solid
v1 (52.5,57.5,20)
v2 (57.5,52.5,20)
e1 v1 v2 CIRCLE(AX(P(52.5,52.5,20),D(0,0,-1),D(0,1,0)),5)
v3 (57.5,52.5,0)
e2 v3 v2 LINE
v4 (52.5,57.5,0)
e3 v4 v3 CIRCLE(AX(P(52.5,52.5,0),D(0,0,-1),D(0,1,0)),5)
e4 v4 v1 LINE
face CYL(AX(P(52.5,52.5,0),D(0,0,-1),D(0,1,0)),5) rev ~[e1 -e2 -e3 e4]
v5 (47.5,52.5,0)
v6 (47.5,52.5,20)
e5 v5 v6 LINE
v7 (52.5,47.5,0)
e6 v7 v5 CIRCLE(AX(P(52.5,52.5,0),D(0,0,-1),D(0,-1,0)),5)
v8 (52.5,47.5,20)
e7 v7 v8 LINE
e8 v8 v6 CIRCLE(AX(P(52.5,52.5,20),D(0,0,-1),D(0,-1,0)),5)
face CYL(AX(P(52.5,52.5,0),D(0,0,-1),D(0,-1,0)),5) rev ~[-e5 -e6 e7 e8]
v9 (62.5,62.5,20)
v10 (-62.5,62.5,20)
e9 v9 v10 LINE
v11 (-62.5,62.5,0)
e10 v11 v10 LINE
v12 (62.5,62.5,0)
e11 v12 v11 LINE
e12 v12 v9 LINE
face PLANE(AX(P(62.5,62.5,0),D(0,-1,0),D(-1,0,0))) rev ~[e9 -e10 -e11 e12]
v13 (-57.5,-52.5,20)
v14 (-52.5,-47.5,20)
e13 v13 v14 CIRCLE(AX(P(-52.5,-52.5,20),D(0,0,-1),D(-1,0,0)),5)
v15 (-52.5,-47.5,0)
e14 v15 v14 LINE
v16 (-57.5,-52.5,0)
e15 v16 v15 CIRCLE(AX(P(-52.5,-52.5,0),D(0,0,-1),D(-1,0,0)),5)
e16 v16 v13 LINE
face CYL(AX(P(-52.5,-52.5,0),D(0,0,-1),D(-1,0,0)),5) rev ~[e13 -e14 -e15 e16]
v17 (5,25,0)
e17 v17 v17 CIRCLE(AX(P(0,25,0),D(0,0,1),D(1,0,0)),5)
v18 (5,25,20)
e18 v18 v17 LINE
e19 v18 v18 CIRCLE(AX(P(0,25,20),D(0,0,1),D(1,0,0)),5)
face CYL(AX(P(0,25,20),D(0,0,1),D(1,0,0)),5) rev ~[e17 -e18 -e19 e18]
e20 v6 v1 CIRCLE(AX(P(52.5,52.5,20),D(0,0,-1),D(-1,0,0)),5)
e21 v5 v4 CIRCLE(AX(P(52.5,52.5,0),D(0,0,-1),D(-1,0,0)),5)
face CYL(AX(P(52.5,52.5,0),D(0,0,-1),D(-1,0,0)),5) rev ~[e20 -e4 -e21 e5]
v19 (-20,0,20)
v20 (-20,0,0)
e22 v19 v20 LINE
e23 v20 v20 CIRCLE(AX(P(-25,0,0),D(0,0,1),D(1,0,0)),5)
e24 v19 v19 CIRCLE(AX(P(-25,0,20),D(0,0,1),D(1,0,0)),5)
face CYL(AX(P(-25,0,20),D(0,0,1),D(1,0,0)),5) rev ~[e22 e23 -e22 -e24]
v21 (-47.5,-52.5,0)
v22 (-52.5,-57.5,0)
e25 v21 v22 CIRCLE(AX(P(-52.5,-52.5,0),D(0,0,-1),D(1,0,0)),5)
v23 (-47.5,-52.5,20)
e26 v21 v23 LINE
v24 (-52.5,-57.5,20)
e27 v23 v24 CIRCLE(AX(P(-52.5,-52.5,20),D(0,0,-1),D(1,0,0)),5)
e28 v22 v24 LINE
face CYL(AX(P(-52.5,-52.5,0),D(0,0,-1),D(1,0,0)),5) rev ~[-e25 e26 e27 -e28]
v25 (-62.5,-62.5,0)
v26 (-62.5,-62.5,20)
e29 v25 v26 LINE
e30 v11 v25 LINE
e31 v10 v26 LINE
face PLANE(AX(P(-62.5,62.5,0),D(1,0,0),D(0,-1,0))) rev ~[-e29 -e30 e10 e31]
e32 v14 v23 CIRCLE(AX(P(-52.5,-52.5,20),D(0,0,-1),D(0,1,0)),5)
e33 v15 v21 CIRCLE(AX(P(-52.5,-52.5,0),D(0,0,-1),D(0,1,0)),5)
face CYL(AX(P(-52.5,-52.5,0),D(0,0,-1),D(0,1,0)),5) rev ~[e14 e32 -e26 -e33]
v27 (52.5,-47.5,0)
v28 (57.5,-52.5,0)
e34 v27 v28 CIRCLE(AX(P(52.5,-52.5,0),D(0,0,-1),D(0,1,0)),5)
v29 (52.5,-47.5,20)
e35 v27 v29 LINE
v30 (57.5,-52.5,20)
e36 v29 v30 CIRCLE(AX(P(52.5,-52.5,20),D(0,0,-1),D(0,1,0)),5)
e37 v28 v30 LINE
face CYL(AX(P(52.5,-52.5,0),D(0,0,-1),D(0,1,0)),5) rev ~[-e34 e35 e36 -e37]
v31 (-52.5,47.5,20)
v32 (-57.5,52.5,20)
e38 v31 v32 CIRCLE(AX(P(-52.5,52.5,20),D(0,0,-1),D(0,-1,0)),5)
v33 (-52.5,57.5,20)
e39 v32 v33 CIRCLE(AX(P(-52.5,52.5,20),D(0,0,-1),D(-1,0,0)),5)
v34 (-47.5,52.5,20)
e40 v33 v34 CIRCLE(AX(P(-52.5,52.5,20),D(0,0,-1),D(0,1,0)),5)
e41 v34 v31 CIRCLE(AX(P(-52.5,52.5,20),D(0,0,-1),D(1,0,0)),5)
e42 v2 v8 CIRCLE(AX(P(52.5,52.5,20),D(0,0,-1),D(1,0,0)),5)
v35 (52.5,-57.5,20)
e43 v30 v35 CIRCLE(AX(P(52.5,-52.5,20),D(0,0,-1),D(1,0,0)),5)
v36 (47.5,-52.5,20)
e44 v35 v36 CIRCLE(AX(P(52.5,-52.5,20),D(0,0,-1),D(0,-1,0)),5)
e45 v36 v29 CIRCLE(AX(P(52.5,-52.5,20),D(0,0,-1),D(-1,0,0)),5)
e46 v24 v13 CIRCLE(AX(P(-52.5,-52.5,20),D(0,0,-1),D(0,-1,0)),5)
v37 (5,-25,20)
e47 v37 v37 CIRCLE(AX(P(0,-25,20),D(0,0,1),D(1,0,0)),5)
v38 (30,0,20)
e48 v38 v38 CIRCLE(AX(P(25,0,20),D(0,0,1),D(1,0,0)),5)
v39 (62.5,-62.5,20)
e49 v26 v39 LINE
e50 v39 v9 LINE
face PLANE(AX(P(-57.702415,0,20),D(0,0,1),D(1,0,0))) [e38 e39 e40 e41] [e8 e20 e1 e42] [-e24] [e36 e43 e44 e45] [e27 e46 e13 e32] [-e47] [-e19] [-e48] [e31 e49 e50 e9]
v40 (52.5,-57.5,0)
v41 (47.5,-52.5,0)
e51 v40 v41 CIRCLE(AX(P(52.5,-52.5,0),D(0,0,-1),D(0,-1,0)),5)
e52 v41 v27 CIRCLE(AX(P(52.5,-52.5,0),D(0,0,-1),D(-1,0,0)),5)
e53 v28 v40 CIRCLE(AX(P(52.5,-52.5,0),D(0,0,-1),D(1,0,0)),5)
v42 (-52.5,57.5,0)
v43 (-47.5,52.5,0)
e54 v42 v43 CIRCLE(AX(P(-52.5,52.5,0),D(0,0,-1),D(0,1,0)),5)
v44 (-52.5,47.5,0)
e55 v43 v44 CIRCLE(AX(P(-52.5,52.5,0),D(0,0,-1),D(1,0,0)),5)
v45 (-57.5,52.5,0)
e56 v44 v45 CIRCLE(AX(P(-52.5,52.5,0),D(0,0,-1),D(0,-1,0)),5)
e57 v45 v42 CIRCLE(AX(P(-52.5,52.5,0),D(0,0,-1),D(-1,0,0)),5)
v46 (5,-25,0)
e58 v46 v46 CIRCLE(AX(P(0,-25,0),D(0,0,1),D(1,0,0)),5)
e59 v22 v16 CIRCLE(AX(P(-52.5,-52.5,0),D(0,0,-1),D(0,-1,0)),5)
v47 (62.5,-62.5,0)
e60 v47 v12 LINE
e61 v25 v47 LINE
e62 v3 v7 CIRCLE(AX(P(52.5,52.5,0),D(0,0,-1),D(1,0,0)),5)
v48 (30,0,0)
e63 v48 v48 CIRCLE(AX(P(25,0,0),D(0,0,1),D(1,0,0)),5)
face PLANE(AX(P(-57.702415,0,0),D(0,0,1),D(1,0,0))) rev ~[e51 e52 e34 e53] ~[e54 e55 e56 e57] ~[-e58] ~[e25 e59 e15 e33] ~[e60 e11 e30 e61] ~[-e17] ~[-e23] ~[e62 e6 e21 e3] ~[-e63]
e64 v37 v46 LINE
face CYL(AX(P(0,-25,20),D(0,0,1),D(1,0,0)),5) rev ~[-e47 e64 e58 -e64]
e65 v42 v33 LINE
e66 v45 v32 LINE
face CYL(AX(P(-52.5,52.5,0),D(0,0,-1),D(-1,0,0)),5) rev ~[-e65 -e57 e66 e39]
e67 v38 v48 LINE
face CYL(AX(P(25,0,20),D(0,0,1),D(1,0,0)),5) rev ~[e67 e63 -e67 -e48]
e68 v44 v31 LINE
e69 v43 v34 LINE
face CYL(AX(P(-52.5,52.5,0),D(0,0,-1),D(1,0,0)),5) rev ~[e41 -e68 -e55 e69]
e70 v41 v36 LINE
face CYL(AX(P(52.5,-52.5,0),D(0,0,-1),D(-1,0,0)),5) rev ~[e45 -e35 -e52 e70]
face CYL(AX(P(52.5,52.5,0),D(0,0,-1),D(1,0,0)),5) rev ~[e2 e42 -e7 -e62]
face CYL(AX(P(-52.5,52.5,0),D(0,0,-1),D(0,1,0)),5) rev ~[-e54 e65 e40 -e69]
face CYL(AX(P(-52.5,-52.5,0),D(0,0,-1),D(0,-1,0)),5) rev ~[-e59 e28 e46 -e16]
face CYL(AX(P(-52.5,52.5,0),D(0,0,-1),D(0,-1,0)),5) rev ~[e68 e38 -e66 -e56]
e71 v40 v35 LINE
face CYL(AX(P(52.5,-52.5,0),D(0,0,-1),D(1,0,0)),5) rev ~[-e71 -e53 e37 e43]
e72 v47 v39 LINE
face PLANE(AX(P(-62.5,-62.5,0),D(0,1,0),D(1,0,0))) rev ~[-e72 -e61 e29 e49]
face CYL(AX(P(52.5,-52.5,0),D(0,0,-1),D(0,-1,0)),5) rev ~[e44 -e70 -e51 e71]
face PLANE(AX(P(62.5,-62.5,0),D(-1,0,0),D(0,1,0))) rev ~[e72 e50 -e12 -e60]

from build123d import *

# Parameters (mm, degrees)
F0_R     = 50
F1_DEPTH = 20
F2_R     = 5
F3_DEPTH = 25


with BuildPart() as f1:
    # F0 (on Top) → F1 (new body)
    with BuildSketch(Plane.XY):
        with BuildLine():
            Line((-62.5, 52.5), (-62.5, -52.5))
            Line((-62.5, -52.5), (-57.5, -52.5))
            ThreePointArc((-57.5, -52.5), (-56.0355339059, -48.9644660941), (-52.5, -47.5))
            Line((-52.5, -47.5), (-52.5, 47.5))
            ThreePointArc((-52.5, 47.5), (-56.0355339059, 48.9644660941), (-57.5, 52.5))
            Line((-57.5, 52.5), (-62.5, 52.5))
        make_face()
        with BuildLine():
            Line((-47.5, -52.5), (47.5, -52.5))
            ThreePointArc((47.5, -52.5), (48.9644660941, -48.9644660941), (52.5, -47.5))
            Line((52.5, -47.5), (52.5, 47.5))
            ThreePointArc((52.5, 47.5), (48.9644660941, 48.9644660941), (47.5, 52.5))
            Line((47.5, 52.5), (-47.5, 52.5))
            ThreePointArc((-47.5, 52.5), (-48.9644660941, 48.9644660941), (-52.5, 47.5))
            Line((-52.5, 47.5), (-52.5, -47.5))
            ThreePointArc((-52.5, -47.5), (-48.9644660941, -48.9644660941), (-47.5, -52.5))
        make_face()
        Circle(F0_R, mode=Mode.SUBTRACT)
        with BuildLine():
            Line((52.5, 57.5), (52.5, 62.5))
            Line((52.5, 62.5), (-52.5, 62.5))
            Line((-52.5, 62.5), (-52.5, 57.5))
            ThreePointArc((-52.5, 57.5), (-48.9644660941, 56.0355339059), (-47.5, 52.5))
            Line((-47.5, 52.5), (47.5, 52.5))
            ThreePointArc((47.5, 52.5), (48.9644660941, 56.0355339059), (52.5, 57.5))
        make_face()
        with BuildLine():
            Line((57.5, 52.5), (62.5, 52.5))
            Line((62.5, 52.5), (62.5, 62.5))
            Line((62.5, 62.5), (52.5, 62.5))
            Line((52.5, 62.5), (52.5, 57.5))
            ThreePointArc((52.5, 57.5), (56.0355339059, 56.0355339059), (57.5, 52.5))
        make_face()
        with BuildLine():
            Line((57.5, -52.5), (62.5, -52.5))
            Line((62.5, -52.5), (62.5, 52.5))
            Line((62.5, 52.5), (57.5, 52.5))
            ThreePointArc((57.5, 52.5), (56.0355339059, 48.9644660941), (52.5, 47.5))
            Line((52.5, 47.5), (52.5, -47.5))
            ThreePointArc((52.5, -47.5), (56.0355339059, -48.9644660941), (57.5, -52.5))
        make_face()
        with BuildLine():
            Line((52.5, -62.5), (62.5, -62.5))
            Line((62.5, -62.5), (62.5, -52.5))
            Line((62.5, -52.5), (57.5, -52.5))
            ThreePointArc((57.5, -52.5), (56.0355339059, -56.0355339059), (52.5, -57.5))
            Line((52.5, -57.5), (52.5, -62.5))
        make_face()
        with BuildLine():
            Line((-52.5, -62.5), (52.5, -62.5))
            Line((52.5, -62.5), (52.5, -57.5))
            ThreePointArc((52.5, -57.5), (48.9644660941, -56.0355339059), (47.5, -52.5))
            Line((47.5, -52.5), (-47.5, -52.5))
            ThreePointArc((-47.5, -52.5), (-48.9644660941, -56.0355339059), (-52.5, -57.5))
            Line((-52.5, -57.5), (-52.5, -62.5))
        make_face()
        with BuildLine():
            Line((-62.5, -62.5), (-52.5, -62.5))
            Line((-52.5, -62.5), (-52.5, -57.5))
            ThreePointArc((-52.5, -57.5), (-56.0355339059, -56.0355339059), (-57.5, -52.5))
            Line((-57.5, -52.5), (-62.5, -52.5))
            Line((-62.5, -52.5), (-62.5, -62.5))
        make_face()
        with BuildLine():
            Line((-62.5, 62.5), (-62.5, 52.5))
            Line((-62.5, 52.5), (-57.5, 52.5))
            ThreePointArc((-57.5, 52.5), (-56.0355339059, 56.0355339059), (-52.5, 57.5))
            Line((-52.5, 57.5), (-52.5, 62.5))
            Line((-52.5, 62.5), (-62.5, 62.5))
        make_face()
        Circle(F0_R)
    extrude(amount=F1_DEPTH)

    # F2 (on face) → F3 (cut)
    with BuildSketch(Plane.XY.offset(20)):
        with Locations((-25, 0)):
            Circle(F2_R)
        with Locations((0, 25)):
            Circle(F2_R)
        with Locations((25, 0)):
            Circle(F2_R)
        with Locations((0, -25)):
            Circle(F2_R)
    extrude(amount=-F3_DEPTH, mode=Mode.SUBTRACT)


solid = f1.part
